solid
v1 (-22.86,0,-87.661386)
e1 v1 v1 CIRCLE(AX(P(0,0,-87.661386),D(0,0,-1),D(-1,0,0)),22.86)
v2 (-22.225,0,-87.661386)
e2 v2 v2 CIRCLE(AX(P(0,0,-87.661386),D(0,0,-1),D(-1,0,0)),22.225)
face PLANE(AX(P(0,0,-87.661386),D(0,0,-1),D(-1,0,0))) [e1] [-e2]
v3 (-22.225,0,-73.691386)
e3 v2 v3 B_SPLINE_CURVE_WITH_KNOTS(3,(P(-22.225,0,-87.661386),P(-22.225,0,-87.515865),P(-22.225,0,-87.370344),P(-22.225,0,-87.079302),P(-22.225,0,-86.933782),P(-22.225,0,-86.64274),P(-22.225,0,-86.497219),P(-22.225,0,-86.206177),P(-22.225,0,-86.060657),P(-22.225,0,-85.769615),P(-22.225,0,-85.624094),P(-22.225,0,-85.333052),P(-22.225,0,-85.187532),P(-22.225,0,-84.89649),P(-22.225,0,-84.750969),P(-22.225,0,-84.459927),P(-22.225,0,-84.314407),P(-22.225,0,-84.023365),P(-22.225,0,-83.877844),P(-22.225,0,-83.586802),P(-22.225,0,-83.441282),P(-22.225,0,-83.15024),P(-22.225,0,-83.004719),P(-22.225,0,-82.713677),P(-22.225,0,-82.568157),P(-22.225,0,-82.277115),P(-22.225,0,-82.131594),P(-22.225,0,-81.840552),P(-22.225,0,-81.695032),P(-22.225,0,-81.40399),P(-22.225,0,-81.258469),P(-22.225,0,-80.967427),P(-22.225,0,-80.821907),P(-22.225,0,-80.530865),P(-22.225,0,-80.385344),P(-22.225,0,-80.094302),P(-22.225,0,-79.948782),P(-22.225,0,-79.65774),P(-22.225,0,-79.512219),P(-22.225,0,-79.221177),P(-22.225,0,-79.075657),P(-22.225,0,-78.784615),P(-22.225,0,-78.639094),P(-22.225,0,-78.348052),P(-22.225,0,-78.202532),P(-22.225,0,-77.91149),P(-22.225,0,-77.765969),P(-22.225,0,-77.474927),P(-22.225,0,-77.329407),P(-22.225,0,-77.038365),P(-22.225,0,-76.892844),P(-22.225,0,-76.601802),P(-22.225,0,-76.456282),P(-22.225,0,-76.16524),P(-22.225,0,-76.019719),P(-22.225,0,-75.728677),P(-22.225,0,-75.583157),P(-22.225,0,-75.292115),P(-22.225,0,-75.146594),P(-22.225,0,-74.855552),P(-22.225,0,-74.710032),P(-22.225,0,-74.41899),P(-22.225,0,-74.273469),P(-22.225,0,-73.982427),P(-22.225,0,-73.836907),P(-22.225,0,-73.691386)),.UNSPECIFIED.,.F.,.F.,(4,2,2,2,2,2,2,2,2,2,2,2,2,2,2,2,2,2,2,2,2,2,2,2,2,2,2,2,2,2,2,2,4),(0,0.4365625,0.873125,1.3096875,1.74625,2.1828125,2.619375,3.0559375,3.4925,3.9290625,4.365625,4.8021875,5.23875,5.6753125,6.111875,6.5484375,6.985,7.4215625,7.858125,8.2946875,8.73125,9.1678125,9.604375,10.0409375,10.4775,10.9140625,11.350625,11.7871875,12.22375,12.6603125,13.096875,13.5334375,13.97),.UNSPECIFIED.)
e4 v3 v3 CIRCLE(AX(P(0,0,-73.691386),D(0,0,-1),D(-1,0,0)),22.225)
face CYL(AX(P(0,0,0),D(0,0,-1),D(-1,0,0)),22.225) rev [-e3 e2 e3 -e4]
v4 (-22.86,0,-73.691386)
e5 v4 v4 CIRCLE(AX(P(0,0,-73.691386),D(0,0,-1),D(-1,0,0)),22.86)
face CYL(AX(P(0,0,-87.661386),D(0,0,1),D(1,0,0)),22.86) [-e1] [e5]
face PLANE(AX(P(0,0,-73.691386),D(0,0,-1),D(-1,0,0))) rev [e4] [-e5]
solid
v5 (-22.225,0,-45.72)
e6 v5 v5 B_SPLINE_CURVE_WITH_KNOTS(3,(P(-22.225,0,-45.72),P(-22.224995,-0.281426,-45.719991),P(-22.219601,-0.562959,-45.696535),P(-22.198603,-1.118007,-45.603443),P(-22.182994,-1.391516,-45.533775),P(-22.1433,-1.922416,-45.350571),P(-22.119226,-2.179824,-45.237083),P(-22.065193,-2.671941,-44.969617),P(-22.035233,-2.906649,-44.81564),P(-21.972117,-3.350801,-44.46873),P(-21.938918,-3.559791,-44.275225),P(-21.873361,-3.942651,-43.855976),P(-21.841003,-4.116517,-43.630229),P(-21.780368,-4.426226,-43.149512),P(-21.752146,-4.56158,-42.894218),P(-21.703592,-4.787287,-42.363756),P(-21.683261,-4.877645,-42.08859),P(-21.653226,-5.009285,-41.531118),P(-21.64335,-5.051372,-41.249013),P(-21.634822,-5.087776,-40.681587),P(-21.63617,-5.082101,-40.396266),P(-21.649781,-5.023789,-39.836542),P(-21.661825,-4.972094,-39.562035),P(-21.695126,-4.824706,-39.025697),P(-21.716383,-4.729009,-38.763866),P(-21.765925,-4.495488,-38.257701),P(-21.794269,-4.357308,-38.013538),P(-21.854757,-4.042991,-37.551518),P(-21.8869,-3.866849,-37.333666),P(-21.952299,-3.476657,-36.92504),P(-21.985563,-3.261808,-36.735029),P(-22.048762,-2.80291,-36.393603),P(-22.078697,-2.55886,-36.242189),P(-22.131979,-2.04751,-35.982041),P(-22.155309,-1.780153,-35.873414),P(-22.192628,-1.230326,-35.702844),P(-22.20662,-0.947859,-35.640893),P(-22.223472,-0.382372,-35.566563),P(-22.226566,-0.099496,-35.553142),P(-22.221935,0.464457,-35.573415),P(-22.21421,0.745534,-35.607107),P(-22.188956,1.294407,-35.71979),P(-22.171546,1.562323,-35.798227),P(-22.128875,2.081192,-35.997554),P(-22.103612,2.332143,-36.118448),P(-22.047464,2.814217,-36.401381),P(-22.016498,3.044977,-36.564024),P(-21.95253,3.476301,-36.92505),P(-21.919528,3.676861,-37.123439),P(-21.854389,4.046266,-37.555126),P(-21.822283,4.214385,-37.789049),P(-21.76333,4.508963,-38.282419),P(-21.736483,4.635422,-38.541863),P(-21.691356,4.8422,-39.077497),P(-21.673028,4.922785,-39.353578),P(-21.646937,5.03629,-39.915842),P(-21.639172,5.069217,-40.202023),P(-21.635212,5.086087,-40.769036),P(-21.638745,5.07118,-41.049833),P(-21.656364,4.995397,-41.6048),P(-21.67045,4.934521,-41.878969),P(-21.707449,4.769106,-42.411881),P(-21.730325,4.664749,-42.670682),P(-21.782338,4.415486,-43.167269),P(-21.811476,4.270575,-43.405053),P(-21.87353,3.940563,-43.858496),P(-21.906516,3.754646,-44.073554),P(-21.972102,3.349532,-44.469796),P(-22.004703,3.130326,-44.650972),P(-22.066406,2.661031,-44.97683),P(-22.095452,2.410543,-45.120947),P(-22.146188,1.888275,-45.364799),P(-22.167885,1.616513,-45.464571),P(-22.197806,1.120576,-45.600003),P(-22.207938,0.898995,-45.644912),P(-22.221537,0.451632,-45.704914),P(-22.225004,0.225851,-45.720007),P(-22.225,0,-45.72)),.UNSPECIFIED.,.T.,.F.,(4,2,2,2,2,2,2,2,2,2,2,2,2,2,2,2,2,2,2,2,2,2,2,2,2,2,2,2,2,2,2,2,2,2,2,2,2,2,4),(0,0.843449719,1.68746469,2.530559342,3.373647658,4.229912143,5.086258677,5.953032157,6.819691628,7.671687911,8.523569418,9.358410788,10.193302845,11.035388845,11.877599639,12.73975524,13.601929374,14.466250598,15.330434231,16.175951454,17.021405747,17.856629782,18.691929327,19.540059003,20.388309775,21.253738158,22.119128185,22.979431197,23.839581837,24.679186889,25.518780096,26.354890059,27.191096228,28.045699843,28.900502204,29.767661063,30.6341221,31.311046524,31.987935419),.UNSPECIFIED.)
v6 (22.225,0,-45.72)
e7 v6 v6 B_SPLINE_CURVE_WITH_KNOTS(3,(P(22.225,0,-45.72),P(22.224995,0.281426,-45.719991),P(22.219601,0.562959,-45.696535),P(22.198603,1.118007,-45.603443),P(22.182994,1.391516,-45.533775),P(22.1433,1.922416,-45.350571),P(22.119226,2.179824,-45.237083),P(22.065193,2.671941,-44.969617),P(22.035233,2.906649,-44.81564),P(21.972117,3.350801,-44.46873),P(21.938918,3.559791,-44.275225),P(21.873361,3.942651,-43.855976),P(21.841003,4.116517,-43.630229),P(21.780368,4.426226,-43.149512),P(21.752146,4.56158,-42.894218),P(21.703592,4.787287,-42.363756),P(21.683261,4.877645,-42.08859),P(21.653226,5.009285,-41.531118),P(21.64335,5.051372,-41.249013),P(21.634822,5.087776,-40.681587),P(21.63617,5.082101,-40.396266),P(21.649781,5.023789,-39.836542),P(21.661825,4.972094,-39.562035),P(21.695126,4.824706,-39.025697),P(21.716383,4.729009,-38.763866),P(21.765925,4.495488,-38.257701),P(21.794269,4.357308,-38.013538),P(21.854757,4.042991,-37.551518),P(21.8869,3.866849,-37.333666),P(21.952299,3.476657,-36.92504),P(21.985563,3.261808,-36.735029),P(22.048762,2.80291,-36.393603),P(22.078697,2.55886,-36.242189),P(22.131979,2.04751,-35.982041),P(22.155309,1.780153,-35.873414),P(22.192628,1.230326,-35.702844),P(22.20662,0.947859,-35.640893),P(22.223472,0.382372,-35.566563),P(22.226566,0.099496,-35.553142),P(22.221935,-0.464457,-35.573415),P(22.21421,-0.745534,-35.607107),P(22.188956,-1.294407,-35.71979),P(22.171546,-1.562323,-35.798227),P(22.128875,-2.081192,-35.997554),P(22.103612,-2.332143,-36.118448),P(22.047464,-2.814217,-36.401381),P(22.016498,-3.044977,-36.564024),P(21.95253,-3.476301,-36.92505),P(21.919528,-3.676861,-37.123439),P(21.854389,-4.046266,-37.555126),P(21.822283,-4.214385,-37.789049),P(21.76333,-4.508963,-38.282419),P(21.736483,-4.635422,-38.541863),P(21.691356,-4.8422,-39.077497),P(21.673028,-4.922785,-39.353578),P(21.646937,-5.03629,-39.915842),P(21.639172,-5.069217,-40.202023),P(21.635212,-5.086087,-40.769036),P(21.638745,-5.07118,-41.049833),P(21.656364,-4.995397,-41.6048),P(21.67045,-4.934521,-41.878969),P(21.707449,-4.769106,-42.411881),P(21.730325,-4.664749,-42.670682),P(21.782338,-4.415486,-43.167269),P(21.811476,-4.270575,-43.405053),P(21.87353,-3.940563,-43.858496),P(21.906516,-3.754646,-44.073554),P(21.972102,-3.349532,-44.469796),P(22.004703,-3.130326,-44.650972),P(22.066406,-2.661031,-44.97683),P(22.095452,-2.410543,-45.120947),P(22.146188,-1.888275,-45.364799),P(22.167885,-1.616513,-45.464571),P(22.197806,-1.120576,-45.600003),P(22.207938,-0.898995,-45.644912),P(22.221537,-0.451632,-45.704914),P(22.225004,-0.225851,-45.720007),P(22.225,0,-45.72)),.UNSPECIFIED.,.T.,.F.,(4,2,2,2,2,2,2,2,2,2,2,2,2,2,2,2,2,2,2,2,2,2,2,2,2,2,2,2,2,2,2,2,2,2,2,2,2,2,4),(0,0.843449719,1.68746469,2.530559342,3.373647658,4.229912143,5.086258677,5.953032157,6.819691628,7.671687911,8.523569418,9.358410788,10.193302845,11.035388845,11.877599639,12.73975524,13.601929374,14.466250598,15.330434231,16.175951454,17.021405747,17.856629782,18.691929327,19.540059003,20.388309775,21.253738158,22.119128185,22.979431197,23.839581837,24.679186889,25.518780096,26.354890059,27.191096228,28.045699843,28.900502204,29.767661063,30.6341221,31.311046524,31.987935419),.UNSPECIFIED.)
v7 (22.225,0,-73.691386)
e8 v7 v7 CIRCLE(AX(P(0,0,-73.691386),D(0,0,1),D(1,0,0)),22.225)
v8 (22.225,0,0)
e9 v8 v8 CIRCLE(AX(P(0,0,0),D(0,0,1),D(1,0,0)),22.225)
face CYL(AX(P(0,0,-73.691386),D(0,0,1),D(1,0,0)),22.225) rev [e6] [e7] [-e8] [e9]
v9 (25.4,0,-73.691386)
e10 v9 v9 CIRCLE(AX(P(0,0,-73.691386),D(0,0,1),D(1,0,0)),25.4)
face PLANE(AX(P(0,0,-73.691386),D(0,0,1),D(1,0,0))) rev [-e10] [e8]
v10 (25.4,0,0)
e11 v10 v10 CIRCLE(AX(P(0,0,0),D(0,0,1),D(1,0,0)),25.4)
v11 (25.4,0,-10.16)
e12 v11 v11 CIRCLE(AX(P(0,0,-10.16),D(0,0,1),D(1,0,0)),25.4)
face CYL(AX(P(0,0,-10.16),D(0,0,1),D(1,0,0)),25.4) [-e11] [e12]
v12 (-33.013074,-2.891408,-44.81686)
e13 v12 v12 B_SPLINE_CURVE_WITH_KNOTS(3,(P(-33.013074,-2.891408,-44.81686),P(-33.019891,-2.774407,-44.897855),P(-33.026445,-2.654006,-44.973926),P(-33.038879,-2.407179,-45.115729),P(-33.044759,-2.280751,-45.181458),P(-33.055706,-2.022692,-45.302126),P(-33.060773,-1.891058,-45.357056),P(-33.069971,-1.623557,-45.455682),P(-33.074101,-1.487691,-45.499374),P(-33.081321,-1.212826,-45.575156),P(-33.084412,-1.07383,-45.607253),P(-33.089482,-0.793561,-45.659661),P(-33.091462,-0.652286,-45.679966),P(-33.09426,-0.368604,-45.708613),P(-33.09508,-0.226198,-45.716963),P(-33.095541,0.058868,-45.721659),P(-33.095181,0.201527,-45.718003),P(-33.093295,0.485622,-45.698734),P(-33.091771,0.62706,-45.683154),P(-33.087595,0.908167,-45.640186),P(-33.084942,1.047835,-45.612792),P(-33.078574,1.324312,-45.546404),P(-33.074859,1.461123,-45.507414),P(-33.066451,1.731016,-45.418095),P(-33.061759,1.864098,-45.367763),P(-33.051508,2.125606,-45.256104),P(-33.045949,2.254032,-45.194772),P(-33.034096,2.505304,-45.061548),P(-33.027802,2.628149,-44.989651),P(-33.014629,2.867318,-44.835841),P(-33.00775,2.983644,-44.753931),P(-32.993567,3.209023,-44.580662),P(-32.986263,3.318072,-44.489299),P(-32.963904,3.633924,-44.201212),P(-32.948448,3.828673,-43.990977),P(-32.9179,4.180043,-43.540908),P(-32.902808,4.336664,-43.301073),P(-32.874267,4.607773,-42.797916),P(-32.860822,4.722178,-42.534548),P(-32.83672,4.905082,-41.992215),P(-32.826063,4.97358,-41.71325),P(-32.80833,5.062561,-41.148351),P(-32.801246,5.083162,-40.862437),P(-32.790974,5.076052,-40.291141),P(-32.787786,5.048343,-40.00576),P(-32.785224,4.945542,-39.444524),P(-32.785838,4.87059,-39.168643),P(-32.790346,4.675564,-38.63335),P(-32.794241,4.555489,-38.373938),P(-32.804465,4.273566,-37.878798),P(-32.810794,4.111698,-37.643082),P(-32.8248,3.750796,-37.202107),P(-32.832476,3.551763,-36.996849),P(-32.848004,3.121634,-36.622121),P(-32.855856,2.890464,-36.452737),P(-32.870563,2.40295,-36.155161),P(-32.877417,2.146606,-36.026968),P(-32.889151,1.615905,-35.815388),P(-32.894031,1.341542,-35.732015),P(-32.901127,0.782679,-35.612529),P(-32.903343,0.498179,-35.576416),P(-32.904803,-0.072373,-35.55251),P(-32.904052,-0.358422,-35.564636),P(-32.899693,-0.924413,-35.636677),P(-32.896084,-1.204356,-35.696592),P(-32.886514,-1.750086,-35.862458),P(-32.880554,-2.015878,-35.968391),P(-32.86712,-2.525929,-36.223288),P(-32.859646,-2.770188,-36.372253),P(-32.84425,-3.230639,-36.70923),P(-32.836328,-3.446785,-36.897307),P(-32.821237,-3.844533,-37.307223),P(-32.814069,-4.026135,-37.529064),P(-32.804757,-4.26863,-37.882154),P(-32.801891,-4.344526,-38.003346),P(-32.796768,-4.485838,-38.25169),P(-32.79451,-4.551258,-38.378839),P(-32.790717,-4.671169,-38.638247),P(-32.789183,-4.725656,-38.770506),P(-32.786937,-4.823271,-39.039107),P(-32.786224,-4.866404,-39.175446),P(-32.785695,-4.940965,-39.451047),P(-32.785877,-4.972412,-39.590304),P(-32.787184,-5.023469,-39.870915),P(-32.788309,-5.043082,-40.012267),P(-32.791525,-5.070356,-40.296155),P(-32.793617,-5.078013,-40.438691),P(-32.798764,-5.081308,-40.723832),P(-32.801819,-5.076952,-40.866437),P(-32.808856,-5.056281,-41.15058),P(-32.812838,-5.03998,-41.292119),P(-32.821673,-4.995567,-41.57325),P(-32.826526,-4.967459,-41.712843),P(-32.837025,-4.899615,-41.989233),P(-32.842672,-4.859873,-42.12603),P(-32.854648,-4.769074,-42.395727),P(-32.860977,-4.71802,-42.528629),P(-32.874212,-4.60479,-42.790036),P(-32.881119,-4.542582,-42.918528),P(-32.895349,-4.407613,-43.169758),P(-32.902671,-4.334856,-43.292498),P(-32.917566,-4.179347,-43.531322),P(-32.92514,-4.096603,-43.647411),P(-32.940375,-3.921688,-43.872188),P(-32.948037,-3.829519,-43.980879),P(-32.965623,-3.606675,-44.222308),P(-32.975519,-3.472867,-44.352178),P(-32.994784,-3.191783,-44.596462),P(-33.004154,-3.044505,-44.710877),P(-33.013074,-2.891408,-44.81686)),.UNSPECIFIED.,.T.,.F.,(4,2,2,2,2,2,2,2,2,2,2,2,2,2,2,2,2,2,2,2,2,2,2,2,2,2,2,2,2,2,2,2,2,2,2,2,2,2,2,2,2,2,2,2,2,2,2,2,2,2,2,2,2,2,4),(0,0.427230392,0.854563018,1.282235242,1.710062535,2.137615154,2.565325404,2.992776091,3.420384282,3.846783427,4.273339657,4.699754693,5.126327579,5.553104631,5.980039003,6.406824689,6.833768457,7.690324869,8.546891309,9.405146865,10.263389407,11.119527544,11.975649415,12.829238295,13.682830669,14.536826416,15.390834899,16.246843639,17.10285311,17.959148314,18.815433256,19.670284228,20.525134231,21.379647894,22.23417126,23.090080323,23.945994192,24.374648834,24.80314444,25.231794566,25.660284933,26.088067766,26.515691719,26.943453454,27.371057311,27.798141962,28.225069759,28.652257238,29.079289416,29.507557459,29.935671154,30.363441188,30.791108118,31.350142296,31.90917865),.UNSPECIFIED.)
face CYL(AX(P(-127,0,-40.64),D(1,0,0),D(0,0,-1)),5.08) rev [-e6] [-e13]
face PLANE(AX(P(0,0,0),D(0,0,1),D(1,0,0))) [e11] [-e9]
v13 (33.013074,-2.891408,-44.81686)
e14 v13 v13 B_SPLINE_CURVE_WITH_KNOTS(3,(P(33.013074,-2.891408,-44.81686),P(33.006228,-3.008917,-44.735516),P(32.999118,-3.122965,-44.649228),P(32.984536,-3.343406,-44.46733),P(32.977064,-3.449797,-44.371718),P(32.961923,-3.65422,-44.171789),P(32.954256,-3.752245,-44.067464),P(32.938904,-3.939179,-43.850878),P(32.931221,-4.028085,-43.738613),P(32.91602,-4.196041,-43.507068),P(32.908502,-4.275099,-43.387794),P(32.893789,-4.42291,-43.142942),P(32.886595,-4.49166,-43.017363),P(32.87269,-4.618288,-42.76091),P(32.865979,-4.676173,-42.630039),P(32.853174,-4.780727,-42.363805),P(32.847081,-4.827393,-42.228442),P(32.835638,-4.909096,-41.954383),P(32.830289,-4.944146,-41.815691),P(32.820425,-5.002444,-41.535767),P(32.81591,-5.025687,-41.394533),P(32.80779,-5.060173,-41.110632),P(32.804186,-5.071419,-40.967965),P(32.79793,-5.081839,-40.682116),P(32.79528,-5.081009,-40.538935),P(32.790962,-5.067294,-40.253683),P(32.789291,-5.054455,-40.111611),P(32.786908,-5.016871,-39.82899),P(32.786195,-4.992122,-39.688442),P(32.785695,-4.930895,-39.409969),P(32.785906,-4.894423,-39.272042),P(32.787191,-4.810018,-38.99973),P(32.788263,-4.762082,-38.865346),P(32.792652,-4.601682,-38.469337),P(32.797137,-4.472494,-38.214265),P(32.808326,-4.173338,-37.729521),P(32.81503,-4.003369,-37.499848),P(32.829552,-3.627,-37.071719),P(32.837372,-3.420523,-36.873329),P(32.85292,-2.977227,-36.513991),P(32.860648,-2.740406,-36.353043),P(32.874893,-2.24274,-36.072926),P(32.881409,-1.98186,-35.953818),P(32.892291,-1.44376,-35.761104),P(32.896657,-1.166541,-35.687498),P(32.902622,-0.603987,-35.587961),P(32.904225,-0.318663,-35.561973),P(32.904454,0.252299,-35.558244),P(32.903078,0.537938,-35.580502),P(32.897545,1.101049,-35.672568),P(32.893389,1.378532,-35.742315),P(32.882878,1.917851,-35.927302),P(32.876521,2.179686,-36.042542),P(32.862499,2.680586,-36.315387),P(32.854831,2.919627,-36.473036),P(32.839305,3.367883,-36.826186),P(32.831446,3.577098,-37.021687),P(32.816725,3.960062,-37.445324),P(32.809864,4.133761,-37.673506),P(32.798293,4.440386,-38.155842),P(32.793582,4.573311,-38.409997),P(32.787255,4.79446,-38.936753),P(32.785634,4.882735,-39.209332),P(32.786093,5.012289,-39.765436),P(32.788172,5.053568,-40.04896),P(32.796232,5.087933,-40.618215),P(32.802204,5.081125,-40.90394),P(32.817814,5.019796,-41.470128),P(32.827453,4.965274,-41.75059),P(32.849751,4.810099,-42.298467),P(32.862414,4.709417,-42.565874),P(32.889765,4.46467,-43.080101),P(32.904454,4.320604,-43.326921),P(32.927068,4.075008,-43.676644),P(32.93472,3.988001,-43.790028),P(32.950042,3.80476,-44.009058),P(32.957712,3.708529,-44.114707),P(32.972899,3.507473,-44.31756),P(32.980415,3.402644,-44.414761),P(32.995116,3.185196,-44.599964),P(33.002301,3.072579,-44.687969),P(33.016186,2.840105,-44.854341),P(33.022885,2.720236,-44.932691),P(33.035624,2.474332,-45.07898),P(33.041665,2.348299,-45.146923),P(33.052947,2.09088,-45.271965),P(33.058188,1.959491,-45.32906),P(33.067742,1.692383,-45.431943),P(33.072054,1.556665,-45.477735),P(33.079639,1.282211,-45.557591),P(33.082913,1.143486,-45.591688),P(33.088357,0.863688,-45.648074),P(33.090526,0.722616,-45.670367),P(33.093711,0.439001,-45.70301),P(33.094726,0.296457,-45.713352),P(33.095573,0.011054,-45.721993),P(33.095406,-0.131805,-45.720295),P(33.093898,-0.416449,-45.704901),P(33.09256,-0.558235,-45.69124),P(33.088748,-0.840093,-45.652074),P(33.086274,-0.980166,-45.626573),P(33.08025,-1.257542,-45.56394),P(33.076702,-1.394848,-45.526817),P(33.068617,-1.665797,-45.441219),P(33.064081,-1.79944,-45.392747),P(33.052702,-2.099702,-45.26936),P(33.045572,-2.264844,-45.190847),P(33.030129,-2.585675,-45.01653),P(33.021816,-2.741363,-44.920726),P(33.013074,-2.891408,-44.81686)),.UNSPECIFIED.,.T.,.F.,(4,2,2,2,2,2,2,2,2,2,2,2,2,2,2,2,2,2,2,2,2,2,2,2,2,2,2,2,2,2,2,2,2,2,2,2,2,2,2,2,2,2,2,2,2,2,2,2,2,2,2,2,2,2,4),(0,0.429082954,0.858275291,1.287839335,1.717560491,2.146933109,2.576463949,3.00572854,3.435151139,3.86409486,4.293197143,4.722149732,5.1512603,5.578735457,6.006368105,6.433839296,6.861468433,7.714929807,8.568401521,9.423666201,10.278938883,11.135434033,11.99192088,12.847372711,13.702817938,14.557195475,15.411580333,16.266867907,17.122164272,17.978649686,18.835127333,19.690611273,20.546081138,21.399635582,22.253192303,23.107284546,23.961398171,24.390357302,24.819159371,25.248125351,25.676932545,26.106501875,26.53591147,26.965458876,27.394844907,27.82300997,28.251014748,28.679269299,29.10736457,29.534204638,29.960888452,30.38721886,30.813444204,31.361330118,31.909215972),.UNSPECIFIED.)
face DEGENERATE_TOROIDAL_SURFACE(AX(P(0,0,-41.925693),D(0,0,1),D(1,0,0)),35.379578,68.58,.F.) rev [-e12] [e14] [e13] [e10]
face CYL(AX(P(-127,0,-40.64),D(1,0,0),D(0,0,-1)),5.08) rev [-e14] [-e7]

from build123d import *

# Parameters (mm, degrees)
SKETCH1_R           = 25.4
BOSS_EXTRUDE1_DEPTH = 10.16
SKETCH4_R           = 22.225
CUT_EXTRUDE1_DEPTH  = 88.378237328
SKETCH5_R           = 22.86
BOSS_EXTRUDE2_DEPTH = 13.97
SKETCH6_R           = 22.225
CUT_EXTRUDE2_DEPTH  = 100.443725613
SKETCH7_R           = 5.08
CUT_EXTRUDE3_DEPTH  = 127


with BuildPart() as part:
    # Sketch1 → Boss-Extrude1 (new body)
    with BuildSketch(Plane.XY):
        Circle(SKETCH1_R)
    extrude(amount=-BOSS_EXTRUDE1_DEPTH)

    # Sketch3 → Revolve1 (revolve)
    with BuildSketch(Plane(origin=(0, 0, 0), x_dir=(0, 0, -1), z_dir=(1, 0, 0)), mode=Mode.PRIVATE) as revolve1_sk:
        with BuildLine():
            Line((10.16, 25.4), (10.16, 0))
            Line((10.16, 0), (73.691385827, 0))
            Line((73.691385827, 0), (73.691385827, 25.4))
            ThreePointArc((73.691385827, 25.4), (41.925692914, 33.200421573), (10.16, 25.4))
        make_face()
    revolve(revolve1_sk.sketch.rotate(Axis((0, 0, 91.444386702), (0, 0, -1)), 90), axis=Axis((0, 0, 91.444386702), (0, 0, -1)))

    # Sketch4 → Cut-Extrude1 (cut, through all)
    with BuildSketch(Plane.XY):
        Circle(SKETCH4_R)
    extrude(amount=-CUT_EXTRUDE1_DEPTH, mode=Mode.SUBTRACT)

    # Sketch7 → Cut-Extrude3 (cut, symmetric)
    with BuildSketch(Plane(origin=(0, 0, 0), x_dir=(0, 0, -1), z_dir=(1, 0, 0))):
        with Locations((40.64, 0)):
            Circle(SKETCH7_R)
    extrude(amount=CUT_EXTRUDE3_DEPTH, both=True, mode=Mode.SUBTRACT)


with BuildPart() as body_2:
    # Sketch5 → Boss-Extrude2 (new body)
    with BuildSketch(Plane(origin=(0, 0, -73.691385827), x_dir=(-1, 0, 0), z_dir=(0, 0, -1))):
        Circle(SKETCH5_R)
    extrude(amount=BOSS_EXTRUDE2_DEPTH)

    # Sketch6 → Cut-Extrude2 (cut, through all)
    with BuildSketch(Plane(origin=(0, 0, -87.661385827), x_dir=(-1, 0, 0), z_dir=(0, 0, -1))):
        Circle(SKETCH6_R)
    extrude(amount=-CUT_EXTRUDE2_DEPTH, mode=Mode.SUBTRACT)


solid = Compound([part.part, body_2.part])
